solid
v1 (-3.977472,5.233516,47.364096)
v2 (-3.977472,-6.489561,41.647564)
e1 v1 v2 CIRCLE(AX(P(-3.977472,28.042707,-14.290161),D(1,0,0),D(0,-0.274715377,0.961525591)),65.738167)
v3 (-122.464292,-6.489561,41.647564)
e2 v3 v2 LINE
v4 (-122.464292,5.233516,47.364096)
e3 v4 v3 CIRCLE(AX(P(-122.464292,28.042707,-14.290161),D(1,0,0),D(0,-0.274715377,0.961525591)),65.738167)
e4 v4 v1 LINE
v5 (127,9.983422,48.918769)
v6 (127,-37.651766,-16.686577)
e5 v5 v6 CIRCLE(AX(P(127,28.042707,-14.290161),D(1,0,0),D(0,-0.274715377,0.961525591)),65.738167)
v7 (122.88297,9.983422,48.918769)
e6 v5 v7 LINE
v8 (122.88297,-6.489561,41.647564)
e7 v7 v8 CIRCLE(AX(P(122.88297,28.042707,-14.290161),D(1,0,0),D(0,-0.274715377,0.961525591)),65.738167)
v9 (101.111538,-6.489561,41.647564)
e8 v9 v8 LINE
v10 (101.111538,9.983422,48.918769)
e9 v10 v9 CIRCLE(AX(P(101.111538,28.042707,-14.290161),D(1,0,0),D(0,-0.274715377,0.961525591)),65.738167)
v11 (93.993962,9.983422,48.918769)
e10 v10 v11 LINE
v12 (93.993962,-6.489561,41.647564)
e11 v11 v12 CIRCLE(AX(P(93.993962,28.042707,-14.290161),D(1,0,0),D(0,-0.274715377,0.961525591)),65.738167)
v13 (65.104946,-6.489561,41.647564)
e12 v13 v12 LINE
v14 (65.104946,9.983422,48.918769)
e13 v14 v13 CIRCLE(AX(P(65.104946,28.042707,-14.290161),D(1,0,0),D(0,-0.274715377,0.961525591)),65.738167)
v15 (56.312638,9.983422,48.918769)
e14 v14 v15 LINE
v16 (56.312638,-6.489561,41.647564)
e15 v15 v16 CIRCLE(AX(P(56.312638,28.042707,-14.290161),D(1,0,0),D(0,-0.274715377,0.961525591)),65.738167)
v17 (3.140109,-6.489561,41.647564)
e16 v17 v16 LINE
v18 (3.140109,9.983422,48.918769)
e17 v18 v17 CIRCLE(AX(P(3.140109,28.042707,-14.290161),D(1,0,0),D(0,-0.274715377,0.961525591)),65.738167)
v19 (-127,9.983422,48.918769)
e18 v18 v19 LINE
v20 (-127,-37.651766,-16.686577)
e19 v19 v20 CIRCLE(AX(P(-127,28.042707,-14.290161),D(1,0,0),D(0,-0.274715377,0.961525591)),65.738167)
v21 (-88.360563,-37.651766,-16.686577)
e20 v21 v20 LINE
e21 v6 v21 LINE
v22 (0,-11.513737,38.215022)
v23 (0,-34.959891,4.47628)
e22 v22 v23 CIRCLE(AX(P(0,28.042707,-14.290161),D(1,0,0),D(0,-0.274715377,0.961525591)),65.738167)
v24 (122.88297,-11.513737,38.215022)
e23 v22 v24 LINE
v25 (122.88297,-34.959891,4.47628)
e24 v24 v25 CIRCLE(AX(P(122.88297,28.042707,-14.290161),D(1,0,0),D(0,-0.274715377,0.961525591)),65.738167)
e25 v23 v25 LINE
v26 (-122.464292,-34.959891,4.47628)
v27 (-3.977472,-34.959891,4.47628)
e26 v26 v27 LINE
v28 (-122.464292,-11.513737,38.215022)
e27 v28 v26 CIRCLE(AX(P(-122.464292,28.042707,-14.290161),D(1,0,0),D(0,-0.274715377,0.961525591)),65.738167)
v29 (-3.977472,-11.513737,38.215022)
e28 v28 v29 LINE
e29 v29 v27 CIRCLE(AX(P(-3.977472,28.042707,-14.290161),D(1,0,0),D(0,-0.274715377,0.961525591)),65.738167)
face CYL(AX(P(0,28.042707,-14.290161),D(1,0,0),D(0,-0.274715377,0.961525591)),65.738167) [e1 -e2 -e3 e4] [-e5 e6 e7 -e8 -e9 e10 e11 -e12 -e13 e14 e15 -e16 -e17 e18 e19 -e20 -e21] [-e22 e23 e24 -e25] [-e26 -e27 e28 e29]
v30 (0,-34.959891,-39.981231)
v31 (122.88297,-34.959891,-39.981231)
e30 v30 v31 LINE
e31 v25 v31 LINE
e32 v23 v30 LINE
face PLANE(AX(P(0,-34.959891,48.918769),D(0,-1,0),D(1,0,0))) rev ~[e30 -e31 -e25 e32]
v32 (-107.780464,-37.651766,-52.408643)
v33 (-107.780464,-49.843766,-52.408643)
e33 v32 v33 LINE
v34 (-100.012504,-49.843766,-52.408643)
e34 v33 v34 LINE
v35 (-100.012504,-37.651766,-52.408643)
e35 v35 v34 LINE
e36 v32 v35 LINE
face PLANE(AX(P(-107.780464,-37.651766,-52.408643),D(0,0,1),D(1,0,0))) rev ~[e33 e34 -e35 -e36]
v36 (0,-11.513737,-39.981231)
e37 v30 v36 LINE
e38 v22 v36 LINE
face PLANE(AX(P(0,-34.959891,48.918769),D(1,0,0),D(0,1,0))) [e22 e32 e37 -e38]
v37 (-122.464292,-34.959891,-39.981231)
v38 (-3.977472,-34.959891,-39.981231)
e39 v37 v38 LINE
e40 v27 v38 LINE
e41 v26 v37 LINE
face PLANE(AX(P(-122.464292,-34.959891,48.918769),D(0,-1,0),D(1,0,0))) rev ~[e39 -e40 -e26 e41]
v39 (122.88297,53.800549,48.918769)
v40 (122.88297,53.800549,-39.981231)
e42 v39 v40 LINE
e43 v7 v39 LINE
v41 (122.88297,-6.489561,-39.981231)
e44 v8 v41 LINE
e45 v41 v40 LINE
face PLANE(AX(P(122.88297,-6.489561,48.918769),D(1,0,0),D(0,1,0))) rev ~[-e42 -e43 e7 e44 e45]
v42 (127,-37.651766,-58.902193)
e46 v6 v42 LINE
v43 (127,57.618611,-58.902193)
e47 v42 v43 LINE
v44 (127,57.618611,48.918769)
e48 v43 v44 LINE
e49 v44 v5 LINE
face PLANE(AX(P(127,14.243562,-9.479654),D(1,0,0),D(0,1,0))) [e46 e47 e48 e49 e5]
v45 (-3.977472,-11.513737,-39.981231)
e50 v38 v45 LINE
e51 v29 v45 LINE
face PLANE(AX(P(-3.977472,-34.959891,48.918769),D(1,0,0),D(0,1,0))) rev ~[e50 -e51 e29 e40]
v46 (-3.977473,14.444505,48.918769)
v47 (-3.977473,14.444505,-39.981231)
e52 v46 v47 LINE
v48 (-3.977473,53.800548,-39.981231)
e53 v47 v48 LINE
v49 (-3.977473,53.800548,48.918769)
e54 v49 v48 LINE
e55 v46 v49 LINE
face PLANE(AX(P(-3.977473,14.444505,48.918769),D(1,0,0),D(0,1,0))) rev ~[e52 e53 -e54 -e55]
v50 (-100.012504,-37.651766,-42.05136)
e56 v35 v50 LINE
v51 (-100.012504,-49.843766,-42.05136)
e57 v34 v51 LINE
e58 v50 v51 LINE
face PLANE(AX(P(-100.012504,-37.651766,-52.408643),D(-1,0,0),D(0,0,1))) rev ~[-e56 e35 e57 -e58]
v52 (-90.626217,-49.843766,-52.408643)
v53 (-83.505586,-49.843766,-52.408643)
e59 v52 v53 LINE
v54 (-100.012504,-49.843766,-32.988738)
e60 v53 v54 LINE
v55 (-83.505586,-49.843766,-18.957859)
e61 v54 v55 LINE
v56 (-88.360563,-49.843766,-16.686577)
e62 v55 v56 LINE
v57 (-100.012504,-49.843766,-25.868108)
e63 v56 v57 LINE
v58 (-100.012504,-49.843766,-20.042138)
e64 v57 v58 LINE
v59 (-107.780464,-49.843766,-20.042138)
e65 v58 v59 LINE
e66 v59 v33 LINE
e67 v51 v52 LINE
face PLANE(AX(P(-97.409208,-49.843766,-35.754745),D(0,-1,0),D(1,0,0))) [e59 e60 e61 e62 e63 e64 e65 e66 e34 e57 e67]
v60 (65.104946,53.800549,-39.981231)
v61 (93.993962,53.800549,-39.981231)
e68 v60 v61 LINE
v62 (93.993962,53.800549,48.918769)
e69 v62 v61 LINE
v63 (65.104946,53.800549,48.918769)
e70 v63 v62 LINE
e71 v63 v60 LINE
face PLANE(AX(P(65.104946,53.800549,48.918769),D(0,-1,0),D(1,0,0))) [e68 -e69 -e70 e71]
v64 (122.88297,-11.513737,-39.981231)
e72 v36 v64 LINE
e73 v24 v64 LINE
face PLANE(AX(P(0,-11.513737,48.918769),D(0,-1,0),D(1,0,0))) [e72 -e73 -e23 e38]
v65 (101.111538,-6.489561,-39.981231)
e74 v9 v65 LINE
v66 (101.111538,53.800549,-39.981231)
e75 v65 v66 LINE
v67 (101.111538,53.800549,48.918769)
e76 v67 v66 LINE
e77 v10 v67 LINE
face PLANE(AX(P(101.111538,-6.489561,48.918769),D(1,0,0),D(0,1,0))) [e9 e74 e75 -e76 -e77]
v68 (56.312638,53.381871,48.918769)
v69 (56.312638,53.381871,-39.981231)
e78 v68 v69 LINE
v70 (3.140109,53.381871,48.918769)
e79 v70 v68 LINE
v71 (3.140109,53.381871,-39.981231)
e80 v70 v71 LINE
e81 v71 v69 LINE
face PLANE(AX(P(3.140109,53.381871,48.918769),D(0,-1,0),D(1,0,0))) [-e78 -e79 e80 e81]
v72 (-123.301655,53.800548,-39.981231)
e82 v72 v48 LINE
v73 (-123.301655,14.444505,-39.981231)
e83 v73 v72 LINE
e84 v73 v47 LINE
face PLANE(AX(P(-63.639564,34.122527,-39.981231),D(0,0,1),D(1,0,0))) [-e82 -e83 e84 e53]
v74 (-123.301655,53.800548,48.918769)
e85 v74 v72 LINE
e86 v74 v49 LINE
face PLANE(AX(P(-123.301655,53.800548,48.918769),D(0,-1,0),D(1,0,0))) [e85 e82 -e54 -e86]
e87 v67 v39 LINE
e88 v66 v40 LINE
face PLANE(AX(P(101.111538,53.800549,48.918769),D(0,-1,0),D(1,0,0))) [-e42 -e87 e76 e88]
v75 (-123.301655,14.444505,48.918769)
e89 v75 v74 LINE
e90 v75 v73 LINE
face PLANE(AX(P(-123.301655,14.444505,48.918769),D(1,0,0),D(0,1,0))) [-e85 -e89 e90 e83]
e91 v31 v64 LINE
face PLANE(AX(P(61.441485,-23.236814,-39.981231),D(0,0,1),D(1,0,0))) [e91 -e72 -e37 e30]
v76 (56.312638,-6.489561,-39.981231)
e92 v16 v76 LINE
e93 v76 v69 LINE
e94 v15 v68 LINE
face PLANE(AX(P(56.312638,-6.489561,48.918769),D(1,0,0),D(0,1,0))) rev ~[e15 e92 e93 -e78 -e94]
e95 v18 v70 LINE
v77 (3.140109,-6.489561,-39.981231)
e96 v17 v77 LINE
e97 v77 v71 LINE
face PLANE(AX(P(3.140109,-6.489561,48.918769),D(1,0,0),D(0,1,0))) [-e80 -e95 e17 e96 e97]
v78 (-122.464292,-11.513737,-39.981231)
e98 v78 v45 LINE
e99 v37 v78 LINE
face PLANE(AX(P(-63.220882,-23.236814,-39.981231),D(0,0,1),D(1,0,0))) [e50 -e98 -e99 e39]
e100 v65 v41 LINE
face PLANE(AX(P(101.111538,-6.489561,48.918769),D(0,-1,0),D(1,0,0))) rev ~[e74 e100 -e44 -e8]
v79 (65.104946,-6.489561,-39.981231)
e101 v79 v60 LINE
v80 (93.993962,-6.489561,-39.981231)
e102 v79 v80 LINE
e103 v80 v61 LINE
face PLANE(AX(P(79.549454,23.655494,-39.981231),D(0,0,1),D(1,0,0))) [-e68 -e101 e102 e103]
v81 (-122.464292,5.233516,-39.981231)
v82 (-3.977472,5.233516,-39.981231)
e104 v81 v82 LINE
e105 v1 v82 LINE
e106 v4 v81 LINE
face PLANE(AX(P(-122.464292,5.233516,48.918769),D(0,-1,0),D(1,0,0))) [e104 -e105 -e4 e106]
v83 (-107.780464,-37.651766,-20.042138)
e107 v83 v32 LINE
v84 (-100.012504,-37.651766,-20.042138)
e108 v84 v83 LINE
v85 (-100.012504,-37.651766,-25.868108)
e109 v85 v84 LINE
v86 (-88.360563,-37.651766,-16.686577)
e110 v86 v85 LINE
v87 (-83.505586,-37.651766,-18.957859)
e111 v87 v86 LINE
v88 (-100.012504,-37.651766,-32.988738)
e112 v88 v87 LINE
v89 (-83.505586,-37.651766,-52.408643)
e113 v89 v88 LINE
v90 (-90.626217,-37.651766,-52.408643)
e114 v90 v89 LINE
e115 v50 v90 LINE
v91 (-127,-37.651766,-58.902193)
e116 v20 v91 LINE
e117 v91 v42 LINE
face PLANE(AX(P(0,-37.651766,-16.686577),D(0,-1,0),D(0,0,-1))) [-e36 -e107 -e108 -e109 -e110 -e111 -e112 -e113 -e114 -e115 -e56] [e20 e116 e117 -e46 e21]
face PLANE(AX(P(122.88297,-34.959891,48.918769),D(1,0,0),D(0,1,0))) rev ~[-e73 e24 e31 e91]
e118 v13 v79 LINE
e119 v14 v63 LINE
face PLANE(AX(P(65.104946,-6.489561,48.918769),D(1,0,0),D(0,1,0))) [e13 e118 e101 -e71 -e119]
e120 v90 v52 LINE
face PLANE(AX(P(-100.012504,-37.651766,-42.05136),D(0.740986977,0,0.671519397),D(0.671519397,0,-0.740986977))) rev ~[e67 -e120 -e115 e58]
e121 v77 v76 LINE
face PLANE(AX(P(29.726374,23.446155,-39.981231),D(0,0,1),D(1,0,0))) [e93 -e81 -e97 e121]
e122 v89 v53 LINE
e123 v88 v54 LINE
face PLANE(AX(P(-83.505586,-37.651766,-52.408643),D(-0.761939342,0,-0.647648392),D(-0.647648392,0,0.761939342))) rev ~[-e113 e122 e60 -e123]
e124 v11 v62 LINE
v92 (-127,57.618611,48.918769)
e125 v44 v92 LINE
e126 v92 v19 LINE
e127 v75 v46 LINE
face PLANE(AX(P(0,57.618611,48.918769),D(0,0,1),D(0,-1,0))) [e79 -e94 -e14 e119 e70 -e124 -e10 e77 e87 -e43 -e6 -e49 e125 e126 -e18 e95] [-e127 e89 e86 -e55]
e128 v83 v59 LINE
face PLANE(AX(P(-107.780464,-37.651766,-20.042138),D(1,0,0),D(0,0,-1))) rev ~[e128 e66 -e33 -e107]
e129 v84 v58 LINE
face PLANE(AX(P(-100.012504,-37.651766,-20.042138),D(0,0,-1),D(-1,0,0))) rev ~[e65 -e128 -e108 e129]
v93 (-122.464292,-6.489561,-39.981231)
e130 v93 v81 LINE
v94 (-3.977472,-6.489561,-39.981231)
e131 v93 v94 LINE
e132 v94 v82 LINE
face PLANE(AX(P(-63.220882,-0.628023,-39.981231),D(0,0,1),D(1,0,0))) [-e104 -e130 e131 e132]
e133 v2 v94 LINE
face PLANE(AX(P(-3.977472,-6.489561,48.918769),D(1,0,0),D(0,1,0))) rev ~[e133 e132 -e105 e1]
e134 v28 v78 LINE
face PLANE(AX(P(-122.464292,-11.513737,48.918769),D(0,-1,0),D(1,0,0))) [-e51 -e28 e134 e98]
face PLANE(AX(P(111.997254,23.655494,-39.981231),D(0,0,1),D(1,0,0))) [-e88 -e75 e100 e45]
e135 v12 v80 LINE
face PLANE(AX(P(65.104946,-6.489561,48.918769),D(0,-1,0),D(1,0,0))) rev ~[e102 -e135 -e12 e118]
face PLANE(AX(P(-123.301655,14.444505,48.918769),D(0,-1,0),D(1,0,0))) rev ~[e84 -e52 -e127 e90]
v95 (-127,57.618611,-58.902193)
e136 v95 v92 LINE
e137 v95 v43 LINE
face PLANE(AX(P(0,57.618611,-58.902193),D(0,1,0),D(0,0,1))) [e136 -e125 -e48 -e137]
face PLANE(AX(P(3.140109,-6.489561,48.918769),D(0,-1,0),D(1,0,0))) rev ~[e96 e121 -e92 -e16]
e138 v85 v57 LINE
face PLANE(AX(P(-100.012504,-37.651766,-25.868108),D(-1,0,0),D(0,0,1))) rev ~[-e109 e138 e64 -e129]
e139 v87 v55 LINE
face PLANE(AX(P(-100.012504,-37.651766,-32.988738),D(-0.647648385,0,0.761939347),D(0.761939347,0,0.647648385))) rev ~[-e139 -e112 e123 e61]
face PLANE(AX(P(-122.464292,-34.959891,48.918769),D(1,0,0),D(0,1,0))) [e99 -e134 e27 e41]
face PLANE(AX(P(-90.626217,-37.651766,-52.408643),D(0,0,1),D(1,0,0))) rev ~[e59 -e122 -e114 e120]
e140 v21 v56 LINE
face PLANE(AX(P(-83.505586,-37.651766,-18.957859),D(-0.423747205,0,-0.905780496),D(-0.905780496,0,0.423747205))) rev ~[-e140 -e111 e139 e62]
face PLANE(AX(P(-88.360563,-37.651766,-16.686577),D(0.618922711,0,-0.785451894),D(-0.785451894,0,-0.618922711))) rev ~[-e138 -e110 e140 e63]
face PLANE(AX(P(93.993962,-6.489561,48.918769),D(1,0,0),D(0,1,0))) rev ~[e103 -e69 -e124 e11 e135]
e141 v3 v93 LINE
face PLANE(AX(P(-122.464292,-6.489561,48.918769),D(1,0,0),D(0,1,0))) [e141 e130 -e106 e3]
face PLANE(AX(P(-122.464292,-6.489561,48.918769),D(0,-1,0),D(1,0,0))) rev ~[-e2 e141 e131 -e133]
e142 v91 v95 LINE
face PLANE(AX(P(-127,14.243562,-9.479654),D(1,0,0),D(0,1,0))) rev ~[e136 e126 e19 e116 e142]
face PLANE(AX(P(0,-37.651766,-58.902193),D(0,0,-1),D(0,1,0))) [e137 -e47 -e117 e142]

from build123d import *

# Parameters (mm, degrees)
F1_DEPTH = 127
F2_W     = 119.324183
F2_H     = 39.356043
F2_W_2   = 118.48682
F2_H_2   = 11.723077
F2_H_3   = 23.446153
F2_W_3   = 122.88297
F2_W_4   = 21.771431
F2_H_4   = 60.29011
F2_W_5   = 28.889016
F2_W_6   = 53.172529
F2_H_5   = 59.871432
F3_DEPTH = 88.9
F5_DEPTH = 12.192


with BuildPart() as f1:
    # F0 (on Right) → F1 (new body, symmetric)
    with BuildSketch(Plane.YZ):
        with BuildLine():
            Line((-37.651766, -16.686577), (-37.651766, -58.902193))
            Line((-37.651766, -58.902193), (57.618611, -58.902193))
            Line((57.618611, -58.902193), (57.618611, 48.918769))
            Line((57.618611, 48.918769), (9.983422, 48.918769))
            ThreePointArc((9.983422, 48.918769), (-25.152108, 24.333902), (-37.651766, -16.686577))
        make_face()
    extrude(amount=F1_DEPTH, both=True)

    # F2 (on face) → F3 (cut)
    with BuildSketch(Plane.XY.offset(48.918769)):
        with Locations((-63.639564, 34.122527)):
            Rectangle(F2_W, F2_H)
        with Locations((-63.220882, -0.628023)):
            Rectangle(F2_W_2, F2_H_2)
        with Locations((-63.220882, -23.236814)):
            Rectangle(F2_W_2, F2_H_3)
        with Locations((61.441485, -23.236814)):
            Rectangle(F2_W_3, F2_H_3)
        with Locations((111.997254, 23.655494)):
            Rectangle(F2_W_4, F2_H_4)
        with Locations((79.549454, 23.655494)):
            Rectangle(F2_W_5, F2_H_4)
        with Locations((29.726374, 23.446155)):
            Rectangle(F2_W_6, F2_H_5)
    extrude(amount=-F3_DEPTH, mode=Mode.SUBTRACT)

    # F4 (on face) → F5 (join)
    with BuildSketch(Plane.XZ.offset(37.651766)):
        Polygon((-100.012504, -20.042138), (-107.780464, -20.042138), (-107.780464, -52.408643), (-100.012504, -52.408643), (-100.012504, -42.05136), (-90.626217, -52.408643), (-83.505586, -52.408643), (-100.012504, -32.988738), (-83.505586, -18.957859), (-88.360563, -16.686577), (-100.012504, -25.868108), align=None)
    extrude(amount=F5_DEPTH)


solid = f1.part
